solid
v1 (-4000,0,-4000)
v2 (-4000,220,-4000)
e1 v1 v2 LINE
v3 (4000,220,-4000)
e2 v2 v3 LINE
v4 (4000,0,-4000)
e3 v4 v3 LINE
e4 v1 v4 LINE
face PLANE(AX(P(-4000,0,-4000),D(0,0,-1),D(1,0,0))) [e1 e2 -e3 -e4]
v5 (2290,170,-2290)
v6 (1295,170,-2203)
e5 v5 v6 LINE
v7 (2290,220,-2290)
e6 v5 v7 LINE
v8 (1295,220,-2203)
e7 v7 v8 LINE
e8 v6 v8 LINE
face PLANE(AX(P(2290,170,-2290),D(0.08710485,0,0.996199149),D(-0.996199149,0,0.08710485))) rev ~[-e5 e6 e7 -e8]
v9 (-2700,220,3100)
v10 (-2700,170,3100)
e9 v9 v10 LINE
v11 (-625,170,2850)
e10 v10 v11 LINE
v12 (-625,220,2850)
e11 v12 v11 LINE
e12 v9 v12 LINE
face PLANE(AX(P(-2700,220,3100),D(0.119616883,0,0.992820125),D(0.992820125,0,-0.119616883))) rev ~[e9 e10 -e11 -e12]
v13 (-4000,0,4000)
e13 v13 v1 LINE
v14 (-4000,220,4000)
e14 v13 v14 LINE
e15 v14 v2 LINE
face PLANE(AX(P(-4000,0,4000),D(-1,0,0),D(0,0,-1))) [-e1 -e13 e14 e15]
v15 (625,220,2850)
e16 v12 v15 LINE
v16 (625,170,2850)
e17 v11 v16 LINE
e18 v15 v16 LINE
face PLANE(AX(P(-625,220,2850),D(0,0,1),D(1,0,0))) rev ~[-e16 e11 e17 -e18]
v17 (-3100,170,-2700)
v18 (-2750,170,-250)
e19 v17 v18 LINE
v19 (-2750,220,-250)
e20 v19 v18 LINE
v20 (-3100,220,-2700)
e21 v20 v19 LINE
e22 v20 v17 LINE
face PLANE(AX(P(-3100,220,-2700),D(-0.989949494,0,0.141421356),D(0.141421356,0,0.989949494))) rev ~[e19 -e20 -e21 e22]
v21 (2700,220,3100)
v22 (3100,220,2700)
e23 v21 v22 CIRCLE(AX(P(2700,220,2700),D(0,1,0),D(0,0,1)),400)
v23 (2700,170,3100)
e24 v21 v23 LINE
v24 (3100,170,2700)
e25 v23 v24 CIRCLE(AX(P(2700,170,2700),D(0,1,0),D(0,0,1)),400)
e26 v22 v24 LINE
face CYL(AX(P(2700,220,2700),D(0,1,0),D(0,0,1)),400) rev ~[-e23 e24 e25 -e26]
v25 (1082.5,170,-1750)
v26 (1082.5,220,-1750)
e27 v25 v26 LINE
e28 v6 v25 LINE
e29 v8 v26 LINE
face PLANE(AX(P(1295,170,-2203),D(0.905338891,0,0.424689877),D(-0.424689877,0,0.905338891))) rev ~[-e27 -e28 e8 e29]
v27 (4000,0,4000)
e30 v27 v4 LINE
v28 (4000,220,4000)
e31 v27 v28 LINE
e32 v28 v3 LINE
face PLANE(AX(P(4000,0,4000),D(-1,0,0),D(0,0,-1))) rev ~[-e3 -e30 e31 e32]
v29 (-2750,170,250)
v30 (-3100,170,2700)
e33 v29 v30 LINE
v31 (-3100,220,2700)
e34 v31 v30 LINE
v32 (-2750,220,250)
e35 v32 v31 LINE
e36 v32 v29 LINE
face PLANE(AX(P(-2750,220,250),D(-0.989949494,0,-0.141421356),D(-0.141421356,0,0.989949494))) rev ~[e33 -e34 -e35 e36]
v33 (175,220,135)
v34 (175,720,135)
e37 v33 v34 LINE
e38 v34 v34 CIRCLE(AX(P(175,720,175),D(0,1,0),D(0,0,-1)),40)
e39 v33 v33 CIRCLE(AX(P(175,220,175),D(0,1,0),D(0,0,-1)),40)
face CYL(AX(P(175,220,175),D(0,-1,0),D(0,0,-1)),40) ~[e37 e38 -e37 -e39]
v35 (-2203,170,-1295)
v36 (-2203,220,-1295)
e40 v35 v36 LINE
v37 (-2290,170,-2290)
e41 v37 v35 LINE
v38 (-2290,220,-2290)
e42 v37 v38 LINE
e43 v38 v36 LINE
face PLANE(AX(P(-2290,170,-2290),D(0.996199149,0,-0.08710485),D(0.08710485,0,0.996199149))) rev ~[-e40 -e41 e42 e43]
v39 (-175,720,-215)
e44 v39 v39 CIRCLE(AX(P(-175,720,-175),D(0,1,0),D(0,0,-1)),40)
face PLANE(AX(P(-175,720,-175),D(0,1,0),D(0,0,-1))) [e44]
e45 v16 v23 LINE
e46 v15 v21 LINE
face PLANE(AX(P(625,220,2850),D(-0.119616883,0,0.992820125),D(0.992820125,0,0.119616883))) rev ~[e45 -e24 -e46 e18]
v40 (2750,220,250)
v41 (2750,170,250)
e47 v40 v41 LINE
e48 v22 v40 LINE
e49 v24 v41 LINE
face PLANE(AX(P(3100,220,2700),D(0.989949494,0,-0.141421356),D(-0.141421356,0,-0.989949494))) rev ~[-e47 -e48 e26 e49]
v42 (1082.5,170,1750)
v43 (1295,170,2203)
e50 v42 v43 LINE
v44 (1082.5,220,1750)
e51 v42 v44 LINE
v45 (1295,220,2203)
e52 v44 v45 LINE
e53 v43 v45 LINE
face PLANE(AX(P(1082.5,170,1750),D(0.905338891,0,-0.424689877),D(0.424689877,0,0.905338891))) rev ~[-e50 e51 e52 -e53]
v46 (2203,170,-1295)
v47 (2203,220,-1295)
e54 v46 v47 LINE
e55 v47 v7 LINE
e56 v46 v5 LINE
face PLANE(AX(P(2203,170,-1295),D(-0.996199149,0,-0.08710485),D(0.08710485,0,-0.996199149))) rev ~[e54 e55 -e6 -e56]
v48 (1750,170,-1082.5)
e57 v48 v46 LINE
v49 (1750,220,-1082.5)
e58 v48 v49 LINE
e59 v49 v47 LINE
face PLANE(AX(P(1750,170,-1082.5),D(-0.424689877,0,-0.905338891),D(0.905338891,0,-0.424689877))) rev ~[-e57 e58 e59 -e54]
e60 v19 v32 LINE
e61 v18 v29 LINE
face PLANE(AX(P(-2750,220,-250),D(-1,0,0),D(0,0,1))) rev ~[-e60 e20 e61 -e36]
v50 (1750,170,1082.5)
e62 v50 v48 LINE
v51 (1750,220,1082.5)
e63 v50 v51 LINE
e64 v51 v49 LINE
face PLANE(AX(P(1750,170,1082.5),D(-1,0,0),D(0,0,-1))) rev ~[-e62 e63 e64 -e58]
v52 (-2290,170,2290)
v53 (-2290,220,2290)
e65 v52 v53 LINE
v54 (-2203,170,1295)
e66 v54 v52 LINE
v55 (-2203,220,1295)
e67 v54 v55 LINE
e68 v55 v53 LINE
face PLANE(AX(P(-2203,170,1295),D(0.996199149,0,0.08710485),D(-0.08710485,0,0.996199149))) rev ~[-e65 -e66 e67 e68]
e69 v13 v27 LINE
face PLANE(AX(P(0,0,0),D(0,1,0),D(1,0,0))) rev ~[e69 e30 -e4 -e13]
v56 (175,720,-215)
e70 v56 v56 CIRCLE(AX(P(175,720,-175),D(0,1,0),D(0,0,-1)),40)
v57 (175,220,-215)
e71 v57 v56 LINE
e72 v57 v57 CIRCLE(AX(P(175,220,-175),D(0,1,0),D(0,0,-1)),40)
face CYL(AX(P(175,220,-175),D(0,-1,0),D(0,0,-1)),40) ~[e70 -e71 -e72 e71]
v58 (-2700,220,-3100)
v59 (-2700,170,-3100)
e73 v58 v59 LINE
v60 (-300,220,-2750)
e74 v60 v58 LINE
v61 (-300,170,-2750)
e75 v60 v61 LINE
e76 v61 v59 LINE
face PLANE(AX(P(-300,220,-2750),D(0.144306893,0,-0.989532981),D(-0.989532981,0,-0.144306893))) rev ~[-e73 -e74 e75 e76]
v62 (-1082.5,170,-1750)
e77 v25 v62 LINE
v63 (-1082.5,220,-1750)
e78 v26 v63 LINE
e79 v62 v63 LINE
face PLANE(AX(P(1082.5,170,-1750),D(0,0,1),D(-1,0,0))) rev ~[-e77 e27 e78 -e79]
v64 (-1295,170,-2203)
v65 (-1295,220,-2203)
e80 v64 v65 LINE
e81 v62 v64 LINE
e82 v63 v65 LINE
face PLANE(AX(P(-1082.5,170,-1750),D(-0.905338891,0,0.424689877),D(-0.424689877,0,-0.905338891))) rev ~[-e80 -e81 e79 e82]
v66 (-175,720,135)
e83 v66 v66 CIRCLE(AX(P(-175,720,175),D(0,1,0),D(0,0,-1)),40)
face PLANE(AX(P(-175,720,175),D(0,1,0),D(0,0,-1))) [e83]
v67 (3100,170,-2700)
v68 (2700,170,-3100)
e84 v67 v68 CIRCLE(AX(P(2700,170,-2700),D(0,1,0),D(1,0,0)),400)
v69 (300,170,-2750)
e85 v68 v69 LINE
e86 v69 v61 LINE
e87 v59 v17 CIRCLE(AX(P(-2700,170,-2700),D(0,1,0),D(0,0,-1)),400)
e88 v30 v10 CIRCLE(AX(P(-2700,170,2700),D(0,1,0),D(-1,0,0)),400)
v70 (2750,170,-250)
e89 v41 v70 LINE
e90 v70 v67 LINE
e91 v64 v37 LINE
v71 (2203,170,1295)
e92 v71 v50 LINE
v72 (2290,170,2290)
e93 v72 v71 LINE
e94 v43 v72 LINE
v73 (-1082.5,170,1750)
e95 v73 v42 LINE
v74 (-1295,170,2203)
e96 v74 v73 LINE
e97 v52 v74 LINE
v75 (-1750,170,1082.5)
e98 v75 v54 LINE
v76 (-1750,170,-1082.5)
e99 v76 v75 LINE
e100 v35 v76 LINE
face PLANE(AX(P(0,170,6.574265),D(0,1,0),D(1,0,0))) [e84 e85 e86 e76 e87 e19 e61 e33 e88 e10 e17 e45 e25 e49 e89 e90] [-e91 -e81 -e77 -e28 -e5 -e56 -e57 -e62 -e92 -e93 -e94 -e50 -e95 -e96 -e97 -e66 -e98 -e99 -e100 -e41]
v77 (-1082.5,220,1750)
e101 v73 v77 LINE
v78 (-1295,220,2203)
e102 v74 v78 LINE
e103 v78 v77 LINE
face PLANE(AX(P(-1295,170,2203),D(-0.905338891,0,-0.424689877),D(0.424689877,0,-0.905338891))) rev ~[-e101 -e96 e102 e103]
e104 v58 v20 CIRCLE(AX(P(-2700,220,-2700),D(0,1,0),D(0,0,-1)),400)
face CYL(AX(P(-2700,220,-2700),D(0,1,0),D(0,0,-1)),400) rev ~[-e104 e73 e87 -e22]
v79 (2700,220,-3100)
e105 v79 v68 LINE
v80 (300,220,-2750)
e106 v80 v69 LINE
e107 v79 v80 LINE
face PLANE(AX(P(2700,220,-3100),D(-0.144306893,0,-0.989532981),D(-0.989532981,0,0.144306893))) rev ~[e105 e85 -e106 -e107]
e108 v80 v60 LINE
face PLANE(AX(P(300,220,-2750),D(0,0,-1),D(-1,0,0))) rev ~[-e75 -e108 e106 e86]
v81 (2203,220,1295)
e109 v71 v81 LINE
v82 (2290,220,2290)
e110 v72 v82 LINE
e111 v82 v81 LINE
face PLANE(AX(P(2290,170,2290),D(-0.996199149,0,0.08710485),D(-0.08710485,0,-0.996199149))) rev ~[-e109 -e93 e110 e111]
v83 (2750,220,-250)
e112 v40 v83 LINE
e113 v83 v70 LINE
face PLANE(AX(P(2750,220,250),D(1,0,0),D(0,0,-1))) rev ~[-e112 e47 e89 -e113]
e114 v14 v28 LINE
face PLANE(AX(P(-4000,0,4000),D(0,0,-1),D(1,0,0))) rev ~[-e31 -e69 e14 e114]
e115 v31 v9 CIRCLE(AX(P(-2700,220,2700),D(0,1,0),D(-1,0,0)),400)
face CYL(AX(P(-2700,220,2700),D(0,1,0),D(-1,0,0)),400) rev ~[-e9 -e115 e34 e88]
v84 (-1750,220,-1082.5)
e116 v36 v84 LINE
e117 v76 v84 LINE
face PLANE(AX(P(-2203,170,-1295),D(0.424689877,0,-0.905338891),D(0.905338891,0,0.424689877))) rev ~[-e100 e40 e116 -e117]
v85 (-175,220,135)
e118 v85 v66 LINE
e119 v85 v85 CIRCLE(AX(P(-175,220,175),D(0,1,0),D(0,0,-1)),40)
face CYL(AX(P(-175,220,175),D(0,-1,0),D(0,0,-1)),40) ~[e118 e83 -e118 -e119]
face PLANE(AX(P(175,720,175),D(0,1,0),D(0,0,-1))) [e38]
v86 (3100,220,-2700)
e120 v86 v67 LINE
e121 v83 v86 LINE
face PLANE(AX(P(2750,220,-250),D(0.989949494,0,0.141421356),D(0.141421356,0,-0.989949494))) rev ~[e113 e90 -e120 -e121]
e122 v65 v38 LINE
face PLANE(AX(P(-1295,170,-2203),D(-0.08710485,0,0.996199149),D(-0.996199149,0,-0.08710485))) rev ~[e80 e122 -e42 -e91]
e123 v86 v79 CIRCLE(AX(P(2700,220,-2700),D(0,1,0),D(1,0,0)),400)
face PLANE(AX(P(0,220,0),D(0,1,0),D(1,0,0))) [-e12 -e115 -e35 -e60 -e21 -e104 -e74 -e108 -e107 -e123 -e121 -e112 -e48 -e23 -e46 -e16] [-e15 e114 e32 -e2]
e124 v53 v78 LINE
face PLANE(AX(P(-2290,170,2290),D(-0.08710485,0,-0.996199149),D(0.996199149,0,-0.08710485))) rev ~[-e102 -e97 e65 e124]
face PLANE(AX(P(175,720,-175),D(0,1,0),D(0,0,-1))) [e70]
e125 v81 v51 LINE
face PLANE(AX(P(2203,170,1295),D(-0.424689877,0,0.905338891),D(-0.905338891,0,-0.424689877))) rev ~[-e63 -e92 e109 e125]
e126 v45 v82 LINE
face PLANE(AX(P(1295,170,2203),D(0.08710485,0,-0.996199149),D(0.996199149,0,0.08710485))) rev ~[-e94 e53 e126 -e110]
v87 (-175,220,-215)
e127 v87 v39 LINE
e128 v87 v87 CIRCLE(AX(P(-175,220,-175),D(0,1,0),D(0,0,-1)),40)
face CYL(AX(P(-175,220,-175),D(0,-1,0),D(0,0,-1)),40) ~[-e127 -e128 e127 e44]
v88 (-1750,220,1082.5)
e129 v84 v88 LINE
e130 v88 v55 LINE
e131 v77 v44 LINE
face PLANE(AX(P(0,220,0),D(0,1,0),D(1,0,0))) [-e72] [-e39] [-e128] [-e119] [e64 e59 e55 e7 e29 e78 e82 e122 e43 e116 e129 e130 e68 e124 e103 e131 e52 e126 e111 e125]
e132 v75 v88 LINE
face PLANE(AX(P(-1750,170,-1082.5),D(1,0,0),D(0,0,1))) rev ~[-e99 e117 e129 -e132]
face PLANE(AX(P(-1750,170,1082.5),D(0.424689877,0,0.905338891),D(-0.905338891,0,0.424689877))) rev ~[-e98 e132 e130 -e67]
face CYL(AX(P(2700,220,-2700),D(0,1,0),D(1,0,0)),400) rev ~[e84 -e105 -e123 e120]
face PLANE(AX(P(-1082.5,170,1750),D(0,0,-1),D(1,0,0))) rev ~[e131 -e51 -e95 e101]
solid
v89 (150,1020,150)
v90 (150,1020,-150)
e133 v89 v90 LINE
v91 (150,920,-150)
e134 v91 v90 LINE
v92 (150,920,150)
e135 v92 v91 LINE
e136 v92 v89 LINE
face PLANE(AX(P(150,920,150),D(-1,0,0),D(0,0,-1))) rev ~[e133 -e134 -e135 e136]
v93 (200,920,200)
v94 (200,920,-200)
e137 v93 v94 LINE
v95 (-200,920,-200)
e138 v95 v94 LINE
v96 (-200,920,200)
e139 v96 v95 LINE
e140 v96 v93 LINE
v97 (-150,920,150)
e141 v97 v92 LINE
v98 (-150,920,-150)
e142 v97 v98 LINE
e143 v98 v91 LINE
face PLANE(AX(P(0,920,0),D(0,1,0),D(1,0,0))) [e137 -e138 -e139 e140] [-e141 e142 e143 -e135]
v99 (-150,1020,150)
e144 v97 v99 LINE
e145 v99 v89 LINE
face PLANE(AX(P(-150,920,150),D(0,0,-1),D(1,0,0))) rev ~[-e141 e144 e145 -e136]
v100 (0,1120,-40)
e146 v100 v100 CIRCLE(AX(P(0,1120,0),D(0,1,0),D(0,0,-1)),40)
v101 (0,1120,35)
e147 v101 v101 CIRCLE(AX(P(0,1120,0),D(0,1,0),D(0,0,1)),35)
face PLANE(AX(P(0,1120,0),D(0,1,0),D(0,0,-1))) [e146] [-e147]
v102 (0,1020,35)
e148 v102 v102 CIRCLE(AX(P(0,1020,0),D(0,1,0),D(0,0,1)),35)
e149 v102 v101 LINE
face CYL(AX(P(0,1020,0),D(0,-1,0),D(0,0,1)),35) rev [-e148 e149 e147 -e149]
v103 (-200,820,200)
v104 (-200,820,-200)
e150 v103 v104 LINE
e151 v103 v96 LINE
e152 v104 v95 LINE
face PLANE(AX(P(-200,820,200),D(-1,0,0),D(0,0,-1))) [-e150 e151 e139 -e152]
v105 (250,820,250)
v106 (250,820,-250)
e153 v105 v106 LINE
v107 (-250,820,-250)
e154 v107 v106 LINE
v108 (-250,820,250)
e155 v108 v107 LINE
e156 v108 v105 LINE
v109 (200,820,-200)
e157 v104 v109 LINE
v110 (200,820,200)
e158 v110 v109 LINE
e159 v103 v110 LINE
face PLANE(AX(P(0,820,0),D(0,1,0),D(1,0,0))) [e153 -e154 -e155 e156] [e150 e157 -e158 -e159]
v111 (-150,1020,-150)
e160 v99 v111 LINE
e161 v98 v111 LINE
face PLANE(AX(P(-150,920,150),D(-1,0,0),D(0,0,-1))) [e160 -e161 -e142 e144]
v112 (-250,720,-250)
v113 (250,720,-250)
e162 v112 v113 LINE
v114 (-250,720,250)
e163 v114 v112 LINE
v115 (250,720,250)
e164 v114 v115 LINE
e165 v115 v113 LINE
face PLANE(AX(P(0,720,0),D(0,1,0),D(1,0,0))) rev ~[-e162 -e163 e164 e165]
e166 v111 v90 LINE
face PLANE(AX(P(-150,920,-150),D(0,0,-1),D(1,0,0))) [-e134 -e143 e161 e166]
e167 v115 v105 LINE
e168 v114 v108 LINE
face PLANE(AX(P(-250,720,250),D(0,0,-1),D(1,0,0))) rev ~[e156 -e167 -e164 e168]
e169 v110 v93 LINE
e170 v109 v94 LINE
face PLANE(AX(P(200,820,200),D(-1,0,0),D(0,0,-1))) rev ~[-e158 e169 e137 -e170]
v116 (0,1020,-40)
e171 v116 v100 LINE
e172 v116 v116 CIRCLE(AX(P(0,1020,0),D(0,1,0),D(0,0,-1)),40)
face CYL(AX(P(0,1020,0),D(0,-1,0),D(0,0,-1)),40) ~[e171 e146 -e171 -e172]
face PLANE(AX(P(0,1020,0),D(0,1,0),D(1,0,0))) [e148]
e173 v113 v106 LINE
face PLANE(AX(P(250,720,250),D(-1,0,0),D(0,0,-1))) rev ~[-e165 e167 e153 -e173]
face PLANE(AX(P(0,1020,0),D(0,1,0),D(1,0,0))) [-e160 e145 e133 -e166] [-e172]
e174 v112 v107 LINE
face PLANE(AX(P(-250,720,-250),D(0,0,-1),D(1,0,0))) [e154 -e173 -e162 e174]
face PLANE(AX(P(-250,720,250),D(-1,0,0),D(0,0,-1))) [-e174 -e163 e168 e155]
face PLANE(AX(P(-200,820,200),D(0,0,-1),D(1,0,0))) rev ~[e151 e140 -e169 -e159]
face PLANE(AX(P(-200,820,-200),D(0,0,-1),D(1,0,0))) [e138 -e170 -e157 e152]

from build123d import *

# Parameters (mm, degrees)
SKETCH1_W           = 8000
SKETCH1_H           = 8000
GROUND_FLOOR_DEPTH  = 220
MOAT_DEPTH          = 50
CITADEL_DEPTH       = 50
SKETCH6_R           = 40
BOSS_EXTRUDE1_DEPTH = 500
SKETCH7_W           = 500
SKETCH7_H           = 500
BOSS_EXTRUDE2_DEPTH = 100
SKETCH8_W           = 400
SKETCH8_H           = 400
BOSS_EXTRUDE3_DEPTH = 100
SKETCH9_W           = 300
SKETCH9_H           = 300
BOSS_EXTRUDE4_DEPTH = 100
SKETCH10_R          = 40
SKETCH10_R_2        = 35
BOSS_EXTRUDE5_DEPTH = 100


with BuildPart() as part:
    # Sketch1 → Ground Floor (new body)
    with BuildSketch(Plane(origin=(0, 0, 0), x_dir=(1, 0, 0), z_dir=(0, 1, 0))):
        Rectangle(SKETCH1_W, SKETCH1_H)
    extrude(amount=GROUND_FLOOR_DEPTH)

    # Sketch2 → Moat (cut)
    with BuildSketch(Plane(origin=(0, 220, 0), x_dir=(1, 0, 0), z_dir=(0, 1, 0))):
        with BuildLine():
            Line((-625, -2850), (625, -2850))
            Line((625, -2850), (2700, -3100))
            ThreePointArc((2700, -3100), (2982.842712475, -2982.842712475), (3100, -2700))
            Line((3100, -2700), (2750, -250))
            Line((2750, -250), (2750, 250))
            Line((2750, 250), (3100, 2700))
            ThreePointArc((3100, 2700), (2982.842712475, 2982.842712475), (2700, 3100))
            Line((2700, 3100), (300, 2750))
            Line((300, 2750), (-300, 2750))
            Line((-300, 2750), (-2700, 3100))
            ThreePointArc((-2700, 3100), (-2982.842712475, 2982.842712475), (-3100, 2700))
            Line((-3100, 2700), (-2750, 250))
            Line((-2750, 250), (-2750, -250))
            Line((-2750, -250), (-3100, -2700))
            ThreePointArc((-3100, -2700), (-2982.842712475, -2982.842712475), (-2700, -3100))
            Line((-2700, -3100), (-625, -2850))
        make_face()
    extrude(amount=-MOAT_DEPTH, mode=Mode.SUBTRACT)

    # Sketch3 → Citadel (add)
    with BuildSketch(Plane(origin=(0, 170, 0), x_dir=(1, 0, 0), z_dir=(0, 1, 0))):
        Polygon((-2290, -2290), (-1295, -2203), (-1082.5, -1750), (0, -1750), (1082.5, -1750), (1295, -2203), (2290, -2290), (2203, -1295), (1750, -1082.5), (1750, 0), (1750, 1082.5), (2203, 1295), (2290, 2290), (1295, 2203), (1082.5, 1750), (0, 1750), (-1082.5, 1750), (-1295, 2203), (-2290, 2290), (-2203, 1295), (-1750, 1082.5), (-1750, 0), (-1750, -1082.5), (-2203, -1295), align=None)
    extrude(amount=CITADEL_DEPTH)

    # Sketch6 → Boss-Extrude1 (add)
    with BuildSketch(Plane(origin=(0, 220, 0), x_dir=(1, 0, 0), z_dir=(0, 1, 0))):
        with Locations(Location((-175, -175, 0), (0, 0, 90))):
            Circle(SKETCH6_R)
        with Locations(Location((-175, 175, 0), (0, 0, 90))):
            Circle(SKETCH6_R)
        with Locations(Location((175, 175, 0), (0, 0, 90))):
            Circle(SKETCH6_R)
        with Locations(Location((175, -175, 0), (0, 0, 90))):
            Circle(SKETCH6_R)
    extrude(amount=BOSS_EXTRUDE1_DEPTH)


with BuildPart() as body_2:
    # Sketch7 → Boss-Extrude2 (new body)
    with BuildSketch(Plane(origin=(0, 720, 0), x_dir=(1, 0, 0), z_dir=(0, 1, 0))):
        Rectangle(SKETCH7_W, SKETCH7_H)
    extrude(amount=BOSS_EXTRUDE2_DEPTH)

    # Sketch8 → Boss-Extrude3 (add)
    with BuildSketch(Plane(origin=(0, 820, 0), x_dir=(1, 0, 0), z_dir=(0, 1, 0))):
        Rectangle(SKETCH8_W, SKETCH8_H)
    extrude(amount=BOSS_EXTRUDE3_DEPTH)

    # Sketch9 → Boss-Extrude4 (add)
    with BuildSketch(Plane(origin=(0, 920, 0), x_dir=(1, 0, 0), z_dir=(0, 1, 0))):
        Rectangle(SKETCH9_W, SKETCH9_H)
    extrude(amount=BOSS_EXTRUDE4_DEPTH)

    # Sketch10 → Boss-Extrude5 (add)
    with BuildSketch(Plane(origin=(0, 1020, 0), x_dir=(1, 0, 0), z_dir=(0, 1, 0))):
        with Locations(Location((0, 0, 0), (0, 0, 90))):
            Circle(SKETCH10_R)
        with Locations(Location((0, 0, 0), (0, 0, 270))):
            Circle(SKETCH10_R_2, mode=Mode.SUBTRACT)
    extrude(amount=BOSS_EXTRUDE5_DEPTH)


solid = Compound([part.part, body_2.part])
